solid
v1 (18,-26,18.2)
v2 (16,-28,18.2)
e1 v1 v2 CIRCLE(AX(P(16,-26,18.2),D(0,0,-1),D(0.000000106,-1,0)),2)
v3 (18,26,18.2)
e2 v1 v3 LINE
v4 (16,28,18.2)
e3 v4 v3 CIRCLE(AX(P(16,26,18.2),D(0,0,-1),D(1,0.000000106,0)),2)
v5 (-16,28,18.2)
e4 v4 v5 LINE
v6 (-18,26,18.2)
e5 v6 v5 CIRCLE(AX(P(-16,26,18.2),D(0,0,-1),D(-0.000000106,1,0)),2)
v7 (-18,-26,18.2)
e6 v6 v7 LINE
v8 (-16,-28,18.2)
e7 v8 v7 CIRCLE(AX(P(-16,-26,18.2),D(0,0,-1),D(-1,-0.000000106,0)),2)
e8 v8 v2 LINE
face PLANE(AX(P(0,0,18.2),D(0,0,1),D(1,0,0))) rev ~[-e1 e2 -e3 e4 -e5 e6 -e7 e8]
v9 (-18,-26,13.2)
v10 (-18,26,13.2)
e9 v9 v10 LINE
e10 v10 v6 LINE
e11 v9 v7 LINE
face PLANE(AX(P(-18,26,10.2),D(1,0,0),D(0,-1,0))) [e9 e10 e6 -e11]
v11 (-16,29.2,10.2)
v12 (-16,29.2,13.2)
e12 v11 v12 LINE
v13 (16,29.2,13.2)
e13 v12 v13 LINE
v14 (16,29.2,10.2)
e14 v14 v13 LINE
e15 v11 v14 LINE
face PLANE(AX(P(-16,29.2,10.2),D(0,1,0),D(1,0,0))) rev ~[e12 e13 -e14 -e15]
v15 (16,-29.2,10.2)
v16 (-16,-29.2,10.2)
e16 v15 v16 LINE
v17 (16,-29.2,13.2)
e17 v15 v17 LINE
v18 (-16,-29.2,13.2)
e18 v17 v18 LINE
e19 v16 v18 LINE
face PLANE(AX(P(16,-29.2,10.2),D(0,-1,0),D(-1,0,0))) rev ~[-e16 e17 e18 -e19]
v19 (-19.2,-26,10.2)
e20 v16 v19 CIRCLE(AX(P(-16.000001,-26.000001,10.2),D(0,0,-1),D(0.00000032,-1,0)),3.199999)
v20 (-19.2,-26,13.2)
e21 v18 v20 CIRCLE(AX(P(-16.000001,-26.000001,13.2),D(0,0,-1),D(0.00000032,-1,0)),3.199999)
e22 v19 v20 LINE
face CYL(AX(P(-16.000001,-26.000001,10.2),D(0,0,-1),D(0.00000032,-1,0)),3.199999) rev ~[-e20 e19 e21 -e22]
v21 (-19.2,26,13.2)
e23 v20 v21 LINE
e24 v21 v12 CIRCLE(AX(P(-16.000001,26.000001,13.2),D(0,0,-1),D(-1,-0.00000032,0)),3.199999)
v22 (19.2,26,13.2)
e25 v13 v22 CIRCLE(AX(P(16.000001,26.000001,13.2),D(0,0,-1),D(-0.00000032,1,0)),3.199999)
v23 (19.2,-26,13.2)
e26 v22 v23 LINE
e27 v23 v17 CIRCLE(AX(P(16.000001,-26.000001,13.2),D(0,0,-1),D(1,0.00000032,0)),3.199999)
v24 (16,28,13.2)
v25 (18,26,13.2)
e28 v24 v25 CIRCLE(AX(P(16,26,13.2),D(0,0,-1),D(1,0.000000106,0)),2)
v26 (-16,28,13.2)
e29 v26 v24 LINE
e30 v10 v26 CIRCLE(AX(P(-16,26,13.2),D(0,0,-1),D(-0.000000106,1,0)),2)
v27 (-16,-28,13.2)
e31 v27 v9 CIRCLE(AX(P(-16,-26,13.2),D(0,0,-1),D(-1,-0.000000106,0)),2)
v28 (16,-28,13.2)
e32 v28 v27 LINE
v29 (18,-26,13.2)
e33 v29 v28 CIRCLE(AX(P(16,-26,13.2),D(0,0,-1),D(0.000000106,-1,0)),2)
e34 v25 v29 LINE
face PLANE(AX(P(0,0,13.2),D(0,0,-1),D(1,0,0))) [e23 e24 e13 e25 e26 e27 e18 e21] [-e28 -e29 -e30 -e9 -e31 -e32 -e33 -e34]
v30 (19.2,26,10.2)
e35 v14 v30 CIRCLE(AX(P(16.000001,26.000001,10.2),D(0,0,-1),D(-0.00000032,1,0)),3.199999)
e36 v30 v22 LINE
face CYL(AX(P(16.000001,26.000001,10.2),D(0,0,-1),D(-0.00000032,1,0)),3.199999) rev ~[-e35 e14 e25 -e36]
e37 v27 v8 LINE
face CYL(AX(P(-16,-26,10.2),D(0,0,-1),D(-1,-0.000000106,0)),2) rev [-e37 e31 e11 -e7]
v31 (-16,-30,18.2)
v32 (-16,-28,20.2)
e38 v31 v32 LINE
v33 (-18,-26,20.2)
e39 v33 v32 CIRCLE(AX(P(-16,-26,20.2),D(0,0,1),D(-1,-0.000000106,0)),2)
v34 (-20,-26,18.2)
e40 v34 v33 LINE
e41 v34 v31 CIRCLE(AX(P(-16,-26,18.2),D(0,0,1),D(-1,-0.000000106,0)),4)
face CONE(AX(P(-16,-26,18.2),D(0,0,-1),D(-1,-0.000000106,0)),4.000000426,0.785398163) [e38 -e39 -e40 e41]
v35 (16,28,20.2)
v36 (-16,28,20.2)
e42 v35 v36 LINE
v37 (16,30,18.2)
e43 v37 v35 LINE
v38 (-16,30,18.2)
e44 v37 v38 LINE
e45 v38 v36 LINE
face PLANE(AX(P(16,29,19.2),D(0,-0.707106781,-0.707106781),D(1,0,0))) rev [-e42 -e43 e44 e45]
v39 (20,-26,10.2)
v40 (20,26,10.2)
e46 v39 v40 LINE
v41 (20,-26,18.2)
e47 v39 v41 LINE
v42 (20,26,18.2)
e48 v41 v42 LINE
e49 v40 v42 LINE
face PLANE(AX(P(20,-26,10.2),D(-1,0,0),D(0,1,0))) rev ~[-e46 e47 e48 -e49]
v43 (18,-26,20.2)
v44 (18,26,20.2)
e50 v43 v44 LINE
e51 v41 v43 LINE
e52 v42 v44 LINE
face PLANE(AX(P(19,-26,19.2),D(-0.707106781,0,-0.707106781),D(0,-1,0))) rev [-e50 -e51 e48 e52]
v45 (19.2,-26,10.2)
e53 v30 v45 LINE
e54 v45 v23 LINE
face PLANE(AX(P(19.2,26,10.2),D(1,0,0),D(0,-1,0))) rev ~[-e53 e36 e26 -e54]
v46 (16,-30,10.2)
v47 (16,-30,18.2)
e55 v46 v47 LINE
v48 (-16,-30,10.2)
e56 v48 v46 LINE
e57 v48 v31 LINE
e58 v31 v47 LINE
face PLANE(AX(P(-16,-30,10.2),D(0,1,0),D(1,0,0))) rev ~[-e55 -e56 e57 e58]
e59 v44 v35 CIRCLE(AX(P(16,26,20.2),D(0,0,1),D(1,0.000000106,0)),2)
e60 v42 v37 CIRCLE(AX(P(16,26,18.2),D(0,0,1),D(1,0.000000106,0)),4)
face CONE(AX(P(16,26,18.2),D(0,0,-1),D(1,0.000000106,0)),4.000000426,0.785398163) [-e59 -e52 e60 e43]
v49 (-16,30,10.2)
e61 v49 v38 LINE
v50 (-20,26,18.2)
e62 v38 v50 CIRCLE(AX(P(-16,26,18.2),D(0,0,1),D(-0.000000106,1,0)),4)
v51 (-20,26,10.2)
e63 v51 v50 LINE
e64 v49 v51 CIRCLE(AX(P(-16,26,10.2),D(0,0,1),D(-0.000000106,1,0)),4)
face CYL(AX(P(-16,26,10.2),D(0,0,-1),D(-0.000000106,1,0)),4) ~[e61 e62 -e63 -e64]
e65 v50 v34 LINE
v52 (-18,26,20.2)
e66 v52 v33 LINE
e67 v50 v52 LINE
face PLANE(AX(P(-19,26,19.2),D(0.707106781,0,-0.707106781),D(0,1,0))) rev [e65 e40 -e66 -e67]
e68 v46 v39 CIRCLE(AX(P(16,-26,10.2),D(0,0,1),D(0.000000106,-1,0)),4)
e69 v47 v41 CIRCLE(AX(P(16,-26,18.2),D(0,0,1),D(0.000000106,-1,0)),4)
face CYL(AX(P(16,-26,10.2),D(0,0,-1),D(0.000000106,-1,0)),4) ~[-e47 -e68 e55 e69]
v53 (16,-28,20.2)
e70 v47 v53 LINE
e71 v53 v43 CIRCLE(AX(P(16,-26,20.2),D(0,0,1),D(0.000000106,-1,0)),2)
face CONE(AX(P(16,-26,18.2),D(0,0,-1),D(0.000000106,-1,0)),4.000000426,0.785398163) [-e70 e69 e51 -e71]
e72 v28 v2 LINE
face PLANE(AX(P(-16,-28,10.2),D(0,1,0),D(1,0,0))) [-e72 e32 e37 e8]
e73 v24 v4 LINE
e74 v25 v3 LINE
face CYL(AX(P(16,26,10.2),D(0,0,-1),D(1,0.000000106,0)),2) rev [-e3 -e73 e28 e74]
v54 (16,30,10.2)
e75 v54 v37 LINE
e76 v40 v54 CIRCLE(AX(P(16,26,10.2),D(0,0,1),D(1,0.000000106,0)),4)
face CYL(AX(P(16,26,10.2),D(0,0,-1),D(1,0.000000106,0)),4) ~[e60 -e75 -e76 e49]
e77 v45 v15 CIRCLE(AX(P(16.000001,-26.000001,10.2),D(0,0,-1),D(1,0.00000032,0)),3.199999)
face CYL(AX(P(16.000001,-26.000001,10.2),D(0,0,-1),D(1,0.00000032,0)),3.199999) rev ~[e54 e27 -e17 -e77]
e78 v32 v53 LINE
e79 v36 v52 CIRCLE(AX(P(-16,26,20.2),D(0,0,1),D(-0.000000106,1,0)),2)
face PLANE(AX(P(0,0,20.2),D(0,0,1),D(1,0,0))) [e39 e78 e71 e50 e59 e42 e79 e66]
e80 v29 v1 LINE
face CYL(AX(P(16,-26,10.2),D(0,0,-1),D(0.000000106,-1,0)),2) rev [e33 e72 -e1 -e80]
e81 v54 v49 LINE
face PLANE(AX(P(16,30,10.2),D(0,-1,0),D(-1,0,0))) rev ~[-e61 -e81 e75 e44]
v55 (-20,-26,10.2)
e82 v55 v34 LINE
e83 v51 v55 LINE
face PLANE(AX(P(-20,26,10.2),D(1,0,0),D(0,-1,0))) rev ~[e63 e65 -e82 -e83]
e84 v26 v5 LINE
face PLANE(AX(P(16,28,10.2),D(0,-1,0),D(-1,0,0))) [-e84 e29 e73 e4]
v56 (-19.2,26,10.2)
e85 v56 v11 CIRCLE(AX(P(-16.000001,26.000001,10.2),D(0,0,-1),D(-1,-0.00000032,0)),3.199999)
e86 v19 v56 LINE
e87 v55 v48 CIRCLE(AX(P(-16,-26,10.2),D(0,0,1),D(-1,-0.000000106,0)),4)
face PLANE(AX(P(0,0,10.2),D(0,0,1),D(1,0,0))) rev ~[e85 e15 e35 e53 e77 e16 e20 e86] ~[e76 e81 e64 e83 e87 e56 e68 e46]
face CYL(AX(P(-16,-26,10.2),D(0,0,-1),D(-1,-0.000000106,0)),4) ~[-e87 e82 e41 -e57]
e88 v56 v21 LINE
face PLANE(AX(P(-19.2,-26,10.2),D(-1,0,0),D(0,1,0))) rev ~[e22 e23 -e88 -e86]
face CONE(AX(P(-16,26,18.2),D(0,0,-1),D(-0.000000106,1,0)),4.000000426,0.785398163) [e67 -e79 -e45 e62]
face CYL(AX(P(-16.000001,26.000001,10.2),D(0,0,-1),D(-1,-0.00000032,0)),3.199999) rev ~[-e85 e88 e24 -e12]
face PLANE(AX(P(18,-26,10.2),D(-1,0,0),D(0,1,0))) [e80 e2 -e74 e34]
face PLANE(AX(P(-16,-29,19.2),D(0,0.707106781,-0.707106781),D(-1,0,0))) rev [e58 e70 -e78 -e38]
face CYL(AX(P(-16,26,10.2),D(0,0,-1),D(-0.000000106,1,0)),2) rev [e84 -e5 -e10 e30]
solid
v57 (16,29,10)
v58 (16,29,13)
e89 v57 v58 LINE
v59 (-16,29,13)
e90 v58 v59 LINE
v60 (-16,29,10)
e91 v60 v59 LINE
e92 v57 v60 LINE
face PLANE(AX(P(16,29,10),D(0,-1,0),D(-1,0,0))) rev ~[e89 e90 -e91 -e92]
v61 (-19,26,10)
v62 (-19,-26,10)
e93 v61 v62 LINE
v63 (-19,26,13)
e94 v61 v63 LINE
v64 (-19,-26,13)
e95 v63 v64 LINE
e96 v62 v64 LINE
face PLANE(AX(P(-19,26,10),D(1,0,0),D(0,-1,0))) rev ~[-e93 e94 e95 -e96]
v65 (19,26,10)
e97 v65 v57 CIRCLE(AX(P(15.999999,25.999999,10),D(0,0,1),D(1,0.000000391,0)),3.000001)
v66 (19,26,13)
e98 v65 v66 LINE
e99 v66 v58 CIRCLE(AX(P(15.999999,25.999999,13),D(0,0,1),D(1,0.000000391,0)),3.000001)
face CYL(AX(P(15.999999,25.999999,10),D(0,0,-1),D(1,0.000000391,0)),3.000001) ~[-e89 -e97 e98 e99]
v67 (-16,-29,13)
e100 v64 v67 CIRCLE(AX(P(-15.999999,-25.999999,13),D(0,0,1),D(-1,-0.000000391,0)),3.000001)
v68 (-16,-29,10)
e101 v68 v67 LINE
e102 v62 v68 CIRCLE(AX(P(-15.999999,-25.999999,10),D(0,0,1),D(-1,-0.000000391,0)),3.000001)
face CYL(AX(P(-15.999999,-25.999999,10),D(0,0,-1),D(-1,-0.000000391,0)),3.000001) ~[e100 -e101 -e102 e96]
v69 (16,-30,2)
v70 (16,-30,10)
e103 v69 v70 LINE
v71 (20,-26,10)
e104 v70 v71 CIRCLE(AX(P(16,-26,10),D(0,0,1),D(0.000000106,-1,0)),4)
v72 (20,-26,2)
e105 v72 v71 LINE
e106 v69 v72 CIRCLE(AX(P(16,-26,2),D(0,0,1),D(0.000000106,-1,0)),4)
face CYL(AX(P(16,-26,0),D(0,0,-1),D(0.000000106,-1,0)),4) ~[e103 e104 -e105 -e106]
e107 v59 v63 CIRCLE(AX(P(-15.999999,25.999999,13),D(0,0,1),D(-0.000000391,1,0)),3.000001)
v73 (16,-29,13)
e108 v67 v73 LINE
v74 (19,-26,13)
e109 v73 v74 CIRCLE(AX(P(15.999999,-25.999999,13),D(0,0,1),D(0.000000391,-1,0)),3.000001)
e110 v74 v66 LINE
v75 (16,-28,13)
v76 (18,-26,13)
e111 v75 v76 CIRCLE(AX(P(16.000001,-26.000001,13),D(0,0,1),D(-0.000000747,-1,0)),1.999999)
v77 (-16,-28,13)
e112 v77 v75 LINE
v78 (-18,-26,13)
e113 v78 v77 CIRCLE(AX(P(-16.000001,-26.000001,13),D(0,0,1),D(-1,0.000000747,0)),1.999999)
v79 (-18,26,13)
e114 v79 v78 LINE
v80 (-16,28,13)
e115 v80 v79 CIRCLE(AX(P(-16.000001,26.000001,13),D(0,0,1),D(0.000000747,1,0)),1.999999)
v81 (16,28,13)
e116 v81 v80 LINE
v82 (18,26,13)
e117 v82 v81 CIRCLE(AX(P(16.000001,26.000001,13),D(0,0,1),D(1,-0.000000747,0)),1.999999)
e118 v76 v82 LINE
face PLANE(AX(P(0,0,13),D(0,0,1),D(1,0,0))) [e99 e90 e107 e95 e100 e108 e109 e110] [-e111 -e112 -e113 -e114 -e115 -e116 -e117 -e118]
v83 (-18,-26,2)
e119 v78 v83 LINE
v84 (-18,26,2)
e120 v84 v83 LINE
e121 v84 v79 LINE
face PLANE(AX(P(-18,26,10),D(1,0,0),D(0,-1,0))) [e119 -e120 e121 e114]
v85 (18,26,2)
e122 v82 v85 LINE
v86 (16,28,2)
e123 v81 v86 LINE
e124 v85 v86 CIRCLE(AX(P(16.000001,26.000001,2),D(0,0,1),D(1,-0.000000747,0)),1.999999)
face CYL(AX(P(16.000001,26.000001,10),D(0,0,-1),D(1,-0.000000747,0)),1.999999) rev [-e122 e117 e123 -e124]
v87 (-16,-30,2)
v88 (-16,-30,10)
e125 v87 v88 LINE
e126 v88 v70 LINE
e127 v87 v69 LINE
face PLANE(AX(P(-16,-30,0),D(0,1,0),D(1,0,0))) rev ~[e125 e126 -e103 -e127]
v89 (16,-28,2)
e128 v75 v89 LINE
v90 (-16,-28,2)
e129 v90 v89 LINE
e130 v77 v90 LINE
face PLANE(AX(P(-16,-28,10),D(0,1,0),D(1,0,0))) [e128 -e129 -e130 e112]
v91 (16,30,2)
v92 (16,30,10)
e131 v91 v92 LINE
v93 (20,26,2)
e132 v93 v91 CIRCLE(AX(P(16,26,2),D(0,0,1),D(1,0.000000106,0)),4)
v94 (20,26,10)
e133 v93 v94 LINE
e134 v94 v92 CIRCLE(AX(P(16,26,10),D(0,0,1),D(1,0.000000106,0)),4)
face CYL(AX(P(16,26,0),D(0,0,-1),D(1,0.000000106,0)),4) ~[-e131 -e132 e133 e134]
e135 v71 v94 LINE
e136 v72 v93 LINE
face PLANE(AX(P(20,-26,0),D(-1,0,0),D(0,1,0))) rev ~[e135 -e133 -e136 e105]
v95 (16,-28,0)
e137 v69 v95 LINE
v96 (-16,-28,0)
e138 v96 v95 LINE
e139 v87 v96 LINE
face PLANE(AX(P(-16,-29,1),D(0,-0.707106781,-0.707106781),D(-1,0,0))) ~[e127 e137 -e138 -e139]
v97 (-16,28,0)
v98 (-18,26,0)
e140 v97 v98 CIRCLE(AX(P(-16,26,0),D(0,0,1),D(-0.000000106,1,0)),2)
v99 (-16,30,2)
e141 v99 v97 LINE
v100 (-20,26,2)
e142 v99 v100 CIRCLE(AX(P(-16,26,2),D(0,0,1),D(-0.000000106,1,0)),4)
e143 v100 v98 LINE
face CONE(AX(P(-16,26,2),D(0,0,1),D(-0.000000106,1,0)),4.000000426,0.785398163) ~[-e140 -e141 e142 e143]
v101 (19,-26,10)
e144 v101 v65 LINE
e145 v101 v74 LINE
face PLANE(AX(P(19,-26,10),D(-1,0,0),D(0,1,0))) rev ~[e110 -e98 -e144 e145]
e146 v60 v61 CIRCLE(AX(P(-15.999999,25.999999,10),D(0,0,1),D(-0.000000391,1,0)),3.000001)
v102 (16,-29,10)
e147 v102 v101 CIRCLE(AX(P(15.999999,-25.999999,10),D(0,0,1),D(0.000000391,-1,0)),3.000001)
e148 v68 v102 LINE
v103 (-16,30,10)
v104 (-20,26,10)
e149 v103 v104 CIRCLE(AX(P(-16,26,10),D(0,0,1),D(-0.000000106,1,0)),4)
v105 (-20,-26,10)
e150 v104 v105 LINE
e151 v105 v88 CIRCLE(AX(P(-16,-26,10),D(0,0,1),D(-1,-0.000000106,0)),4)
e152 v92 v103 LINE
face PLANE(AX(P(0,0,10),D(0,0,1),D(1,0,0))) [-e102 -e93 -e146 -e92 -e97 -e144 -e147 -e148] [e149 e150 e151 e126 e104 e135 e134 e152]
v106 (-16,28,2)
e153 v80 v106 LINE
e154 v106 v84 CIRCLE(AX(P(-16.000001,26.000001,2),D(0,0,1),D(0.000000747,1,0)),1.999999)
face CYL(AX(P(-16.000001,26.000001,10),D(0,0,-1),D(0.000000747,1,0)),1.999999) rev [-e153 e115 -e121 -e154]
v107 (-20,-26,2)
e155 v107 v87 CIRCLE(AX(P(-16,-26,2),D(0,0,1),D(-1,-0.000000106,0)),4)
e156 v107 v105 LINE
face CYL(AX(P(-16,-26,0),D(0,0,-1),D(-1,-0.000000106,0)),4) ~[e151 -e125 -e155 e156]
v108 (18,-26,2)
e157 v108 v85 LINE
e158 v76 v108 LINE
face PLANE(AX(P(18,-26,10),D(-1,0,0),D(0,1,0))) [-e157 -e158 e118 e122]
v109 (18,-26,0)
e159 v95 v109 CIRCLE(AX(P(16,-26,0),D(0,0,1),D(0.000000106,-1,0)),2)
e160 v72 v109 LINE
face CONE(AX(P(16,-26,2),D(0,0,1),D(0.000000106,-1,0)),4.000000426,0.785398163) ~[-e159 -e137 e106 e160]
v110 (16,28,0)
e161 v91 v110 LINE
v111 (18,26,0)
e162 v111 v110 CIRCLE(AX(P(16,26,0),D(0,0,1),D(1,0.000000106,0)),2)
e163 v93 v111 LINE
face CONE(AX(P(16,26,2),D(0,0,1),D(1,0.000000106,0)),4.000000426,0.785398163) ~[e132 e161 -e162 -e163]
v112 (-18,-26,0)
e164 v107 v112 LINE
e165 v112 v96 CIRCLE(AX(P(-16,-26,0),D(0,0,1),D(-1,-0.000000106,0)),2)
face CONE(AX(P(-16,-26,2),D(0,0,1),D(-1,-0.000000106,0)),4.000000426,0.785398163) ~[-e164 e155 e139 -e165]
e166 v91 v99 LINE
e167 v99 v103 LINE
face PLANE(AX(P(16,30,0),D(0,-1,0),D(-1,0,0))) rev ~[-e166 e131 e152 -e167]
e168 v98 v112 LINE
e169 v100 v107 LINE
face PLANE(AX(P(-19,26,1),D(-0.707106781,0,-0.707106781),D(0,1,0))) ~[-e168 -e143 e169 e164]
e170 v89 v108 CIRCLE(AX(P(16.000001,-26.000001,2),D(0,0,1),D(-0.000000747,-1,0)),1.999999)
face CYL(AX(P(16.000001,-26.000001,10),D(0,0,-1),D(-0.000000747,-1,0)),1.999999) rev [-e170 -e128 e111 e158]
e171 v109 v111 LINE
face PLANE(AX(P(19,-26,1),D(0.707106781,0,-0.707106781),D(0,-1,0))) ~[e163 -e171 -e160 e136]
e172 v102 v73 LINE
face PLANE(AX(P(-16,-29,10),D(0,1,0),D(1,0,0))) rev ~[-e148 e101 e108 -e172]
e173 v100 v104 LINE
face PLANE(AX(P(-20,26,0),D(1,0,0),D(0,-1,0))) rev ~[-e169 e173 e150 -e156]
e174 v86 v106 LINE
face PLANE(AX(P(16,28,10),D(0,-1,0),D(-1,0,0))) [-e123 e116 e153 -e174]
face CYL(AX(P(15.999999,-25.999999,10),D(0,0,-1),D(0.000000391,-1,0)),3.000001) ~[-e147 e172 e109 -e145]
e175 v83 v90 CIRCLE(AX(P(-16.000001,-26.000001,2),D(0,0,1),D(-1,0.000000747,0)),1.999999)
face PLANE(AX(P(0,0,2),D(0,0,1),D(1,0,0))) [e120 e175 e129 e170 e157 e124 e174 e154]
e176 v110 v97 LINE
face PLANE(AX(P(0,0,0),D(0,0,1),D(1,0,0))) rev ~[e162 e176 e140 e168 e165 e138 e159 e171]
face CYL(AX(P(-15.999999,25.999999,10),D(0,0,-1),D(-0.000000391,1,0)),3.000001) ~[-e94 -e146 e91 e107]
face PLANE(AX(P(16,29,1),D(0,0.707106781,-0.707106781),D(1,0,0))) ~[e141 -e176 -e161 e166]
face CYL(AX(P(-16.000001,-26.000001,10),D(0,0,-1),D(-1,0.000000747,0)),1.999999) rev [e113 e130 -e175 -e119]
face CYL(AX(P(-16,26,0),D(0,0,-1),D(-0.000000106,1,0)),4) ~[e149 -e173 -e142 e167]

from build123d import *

# Parameters (mm, degrees)
PAD_DEPTH       = 10
PAD001_DEPTH    = 3
POCKET_DEPTH    = 8
CHAMFER001_SIZE = 2
PAD002_DEPTH    = 10
THICKNESS_T     = -2
POCKET001_DEPTH = 3
CHAMFER_SIZE    = 2


with BuildPart() as base:
    # Sketch → Pad (new body)
    with BuildSketch(Plane.XY):
        with BuildLine():
            Line((-20, 26), (-20, -26))
            ThreePointArc((-20, -26), (-18.828427, -28.828427), (-16, -30))
            Line((-16, -30), (16, -30))
            ThreePointArc((16, -30), (18.828427, -28.828427), (20, -26))
            Line((20, -26), (20, 26))
            ThreePointArc((20, 26), (18.828427, 28.828427), (16, 30))
            Line((16, 30), (-16, 30))
            ThreePointArc((-16, 30), (-18.828427, 28.828427), (-20, 26))
        make_face()
    extrude(amount=PAD_DEPTH)

    # Sketch001 → Pad001 (join)
    with BuildSketch(Plane.XY.offset(10)):
        with BuildLine():
            Line((-19, 26), (-19, -26))
            ThreePointArc((-19, -26), (-18.12132, -28.12132), (-16, -29))
            Line((-16, -29), (16, -29))
            ThreePointArc((16, -29), (18.12132, -28.12132), (19, -26))
            Line((19, -26), (19, 26))
            ThreePointArc((19, 26), (18.12132, 28.12132), (16, 29))
            Line((16, 29), (-16, 29))
            ThreePointArc((-16, 29), (-18.12132, 28.12132), (-19, 26))
        make_face()
        with BuildLine():
            Line((-18, 26), (-18, -26))
            ThreePointArc((-18, -26), (-17.414214, -27.414214), (-16, -28))
            Line((-16, -28), (16, -28))
            ThreePointArc((16, -28), (17.414214, -27.414214), (18, -26))
            Line((18, -26), (18, 26))
            ThreePointArc((18, 26), (17.414214, 27.414214), (16, 28))
            Line((16, 28), (-16, 28))
            ThreePointArc((-16, 28), (-17.414214, 27.414214), (-18, 26))
        make_face(mode=Mode.SUBTRACT)
    extrude(amount=PAD001_DEPTH)

    # Sketch002 (on Face28 of Pad001) → Pocket (cut)
    with BuildSketch(Plane.XY.offset(10)):
        with BuildLine():
            Line((-18, 26), (-18, -26))
            ThreePointArc((-18, -26), (-17.414214, -27.414214), (-16, -28))
            Line((-16, -28), (16, -28))
            ThreePointArc((16, -28), (17.414214, -27.414214), (18, -26))
            Line((18, -26), (18, 26))
            ThreePointArc((18, 26), (17.414214, 27.414214), (16, 28))
            Line((16, 28), (-16, 28))
            ThreePointArc((-16, 28), (-17.414214, 27.414214), (-18, 26))
        make_face()
    extrude(amount=-POCKET_DEPTH, mode=Mode.SUBTRACT)

    # Chamfer001
    chamfer001_edges = [base.edges().sort_by_distance(p)[0] for p in [
        (20, 0, 0),
        (18.828427, -28.828427, 0),
        (0, -30, 0),
        (-18.828427, -28.828427, 0),
        (-20, 0, 0),
        (-18.828427, 28.828427, 0),
        (0, 30, 0),
        (18.828427, 28.828427, 0),
    ]]
    chamfer(chamfer001_edges, length=CHAMFER001_SIZE)


with BuildPart() as lid:
    # Sketch003 → Pad002 (new body)
    with BuildSketch(Plane.XY.offset(10.2)):
        with BuildLine():
            Line((-20, 26), (-20, -26))
            ThreePointArc((-20, -26), (-18.828427, -28.828427), (-16, -30))
            Line((-16, -30), (16, -30))
            ThreePointArc((16, -30), (18.828427, -28.828427), (20, -26))
            Line((20, -26), (20, 26))
            ThreePointArc((20, 26), (18.828427, 28.828427), (16, 30))
            Line((16, 30), (-16, 30))
            ThreePointArc((-16, 30), (-18.828427, 28.828427), (-20, 26))
        make_face()
    extrude(amount=PAD002_DEPTH)

    # Thickness
    thickness_openings = [lid.faces().sort_by_distance(p)[0] for p in [
        (0, 0, 10.2),
    ]]
    offset(amount=THICKNESS_T, openings=thickness_openings)

    # Sketch004 (on Face10 of Thickness) → Pocket001 (cut)
    with BuildSketch(Plane(origin=(0, 0, 10.2), x_dir=(1, 0, 0), z_dir=(0, 0, -1))):
        with BuildLine():
            Line((-19.2, 26), (-19.2, -26))
            ThreePointArc((-19.2, -26), (-18.262742, -28.262742), (-16, -29.2))
            Line((-16, -29.2), (16, -29.2))
            ThreePointArc((16, -29.2), (18.262742, -28.262742), (19.2, -26))
            Line((19.2, -26), (19.2, 26))
            ThreePointArc((19.2, 26), (18.262742, 28.262742), (16, 29.2))
            Line((16, 29.2), (-16, 29.2))
            ThreePointArc((-16, 29.2), (-18.262742, 28.262742), (-19.2, 26))
        make_face()
    extrude(amount=-POCKET001_DEPTH, mode=Mode.SUBTRACT)

    # Chamfer
    chamfer_edges = [lid.edges().sort_by_distance(p)[0] for p in [
        (-20, 0, 20.2),
        (-18.828427, -28.828427, 20.2),
        (0, -30, 20.2),
        (20, 0, 20.2),
        (18.828427, 28.828427, 20.2),
        (0, 30, 20.2),
        (-18.828427, 28.828427, 20.2),
    ]]
    chamfer(chamfer_edges, length=CHAMFER_SIZE)


solid = Compound([base.part, lid.part])
